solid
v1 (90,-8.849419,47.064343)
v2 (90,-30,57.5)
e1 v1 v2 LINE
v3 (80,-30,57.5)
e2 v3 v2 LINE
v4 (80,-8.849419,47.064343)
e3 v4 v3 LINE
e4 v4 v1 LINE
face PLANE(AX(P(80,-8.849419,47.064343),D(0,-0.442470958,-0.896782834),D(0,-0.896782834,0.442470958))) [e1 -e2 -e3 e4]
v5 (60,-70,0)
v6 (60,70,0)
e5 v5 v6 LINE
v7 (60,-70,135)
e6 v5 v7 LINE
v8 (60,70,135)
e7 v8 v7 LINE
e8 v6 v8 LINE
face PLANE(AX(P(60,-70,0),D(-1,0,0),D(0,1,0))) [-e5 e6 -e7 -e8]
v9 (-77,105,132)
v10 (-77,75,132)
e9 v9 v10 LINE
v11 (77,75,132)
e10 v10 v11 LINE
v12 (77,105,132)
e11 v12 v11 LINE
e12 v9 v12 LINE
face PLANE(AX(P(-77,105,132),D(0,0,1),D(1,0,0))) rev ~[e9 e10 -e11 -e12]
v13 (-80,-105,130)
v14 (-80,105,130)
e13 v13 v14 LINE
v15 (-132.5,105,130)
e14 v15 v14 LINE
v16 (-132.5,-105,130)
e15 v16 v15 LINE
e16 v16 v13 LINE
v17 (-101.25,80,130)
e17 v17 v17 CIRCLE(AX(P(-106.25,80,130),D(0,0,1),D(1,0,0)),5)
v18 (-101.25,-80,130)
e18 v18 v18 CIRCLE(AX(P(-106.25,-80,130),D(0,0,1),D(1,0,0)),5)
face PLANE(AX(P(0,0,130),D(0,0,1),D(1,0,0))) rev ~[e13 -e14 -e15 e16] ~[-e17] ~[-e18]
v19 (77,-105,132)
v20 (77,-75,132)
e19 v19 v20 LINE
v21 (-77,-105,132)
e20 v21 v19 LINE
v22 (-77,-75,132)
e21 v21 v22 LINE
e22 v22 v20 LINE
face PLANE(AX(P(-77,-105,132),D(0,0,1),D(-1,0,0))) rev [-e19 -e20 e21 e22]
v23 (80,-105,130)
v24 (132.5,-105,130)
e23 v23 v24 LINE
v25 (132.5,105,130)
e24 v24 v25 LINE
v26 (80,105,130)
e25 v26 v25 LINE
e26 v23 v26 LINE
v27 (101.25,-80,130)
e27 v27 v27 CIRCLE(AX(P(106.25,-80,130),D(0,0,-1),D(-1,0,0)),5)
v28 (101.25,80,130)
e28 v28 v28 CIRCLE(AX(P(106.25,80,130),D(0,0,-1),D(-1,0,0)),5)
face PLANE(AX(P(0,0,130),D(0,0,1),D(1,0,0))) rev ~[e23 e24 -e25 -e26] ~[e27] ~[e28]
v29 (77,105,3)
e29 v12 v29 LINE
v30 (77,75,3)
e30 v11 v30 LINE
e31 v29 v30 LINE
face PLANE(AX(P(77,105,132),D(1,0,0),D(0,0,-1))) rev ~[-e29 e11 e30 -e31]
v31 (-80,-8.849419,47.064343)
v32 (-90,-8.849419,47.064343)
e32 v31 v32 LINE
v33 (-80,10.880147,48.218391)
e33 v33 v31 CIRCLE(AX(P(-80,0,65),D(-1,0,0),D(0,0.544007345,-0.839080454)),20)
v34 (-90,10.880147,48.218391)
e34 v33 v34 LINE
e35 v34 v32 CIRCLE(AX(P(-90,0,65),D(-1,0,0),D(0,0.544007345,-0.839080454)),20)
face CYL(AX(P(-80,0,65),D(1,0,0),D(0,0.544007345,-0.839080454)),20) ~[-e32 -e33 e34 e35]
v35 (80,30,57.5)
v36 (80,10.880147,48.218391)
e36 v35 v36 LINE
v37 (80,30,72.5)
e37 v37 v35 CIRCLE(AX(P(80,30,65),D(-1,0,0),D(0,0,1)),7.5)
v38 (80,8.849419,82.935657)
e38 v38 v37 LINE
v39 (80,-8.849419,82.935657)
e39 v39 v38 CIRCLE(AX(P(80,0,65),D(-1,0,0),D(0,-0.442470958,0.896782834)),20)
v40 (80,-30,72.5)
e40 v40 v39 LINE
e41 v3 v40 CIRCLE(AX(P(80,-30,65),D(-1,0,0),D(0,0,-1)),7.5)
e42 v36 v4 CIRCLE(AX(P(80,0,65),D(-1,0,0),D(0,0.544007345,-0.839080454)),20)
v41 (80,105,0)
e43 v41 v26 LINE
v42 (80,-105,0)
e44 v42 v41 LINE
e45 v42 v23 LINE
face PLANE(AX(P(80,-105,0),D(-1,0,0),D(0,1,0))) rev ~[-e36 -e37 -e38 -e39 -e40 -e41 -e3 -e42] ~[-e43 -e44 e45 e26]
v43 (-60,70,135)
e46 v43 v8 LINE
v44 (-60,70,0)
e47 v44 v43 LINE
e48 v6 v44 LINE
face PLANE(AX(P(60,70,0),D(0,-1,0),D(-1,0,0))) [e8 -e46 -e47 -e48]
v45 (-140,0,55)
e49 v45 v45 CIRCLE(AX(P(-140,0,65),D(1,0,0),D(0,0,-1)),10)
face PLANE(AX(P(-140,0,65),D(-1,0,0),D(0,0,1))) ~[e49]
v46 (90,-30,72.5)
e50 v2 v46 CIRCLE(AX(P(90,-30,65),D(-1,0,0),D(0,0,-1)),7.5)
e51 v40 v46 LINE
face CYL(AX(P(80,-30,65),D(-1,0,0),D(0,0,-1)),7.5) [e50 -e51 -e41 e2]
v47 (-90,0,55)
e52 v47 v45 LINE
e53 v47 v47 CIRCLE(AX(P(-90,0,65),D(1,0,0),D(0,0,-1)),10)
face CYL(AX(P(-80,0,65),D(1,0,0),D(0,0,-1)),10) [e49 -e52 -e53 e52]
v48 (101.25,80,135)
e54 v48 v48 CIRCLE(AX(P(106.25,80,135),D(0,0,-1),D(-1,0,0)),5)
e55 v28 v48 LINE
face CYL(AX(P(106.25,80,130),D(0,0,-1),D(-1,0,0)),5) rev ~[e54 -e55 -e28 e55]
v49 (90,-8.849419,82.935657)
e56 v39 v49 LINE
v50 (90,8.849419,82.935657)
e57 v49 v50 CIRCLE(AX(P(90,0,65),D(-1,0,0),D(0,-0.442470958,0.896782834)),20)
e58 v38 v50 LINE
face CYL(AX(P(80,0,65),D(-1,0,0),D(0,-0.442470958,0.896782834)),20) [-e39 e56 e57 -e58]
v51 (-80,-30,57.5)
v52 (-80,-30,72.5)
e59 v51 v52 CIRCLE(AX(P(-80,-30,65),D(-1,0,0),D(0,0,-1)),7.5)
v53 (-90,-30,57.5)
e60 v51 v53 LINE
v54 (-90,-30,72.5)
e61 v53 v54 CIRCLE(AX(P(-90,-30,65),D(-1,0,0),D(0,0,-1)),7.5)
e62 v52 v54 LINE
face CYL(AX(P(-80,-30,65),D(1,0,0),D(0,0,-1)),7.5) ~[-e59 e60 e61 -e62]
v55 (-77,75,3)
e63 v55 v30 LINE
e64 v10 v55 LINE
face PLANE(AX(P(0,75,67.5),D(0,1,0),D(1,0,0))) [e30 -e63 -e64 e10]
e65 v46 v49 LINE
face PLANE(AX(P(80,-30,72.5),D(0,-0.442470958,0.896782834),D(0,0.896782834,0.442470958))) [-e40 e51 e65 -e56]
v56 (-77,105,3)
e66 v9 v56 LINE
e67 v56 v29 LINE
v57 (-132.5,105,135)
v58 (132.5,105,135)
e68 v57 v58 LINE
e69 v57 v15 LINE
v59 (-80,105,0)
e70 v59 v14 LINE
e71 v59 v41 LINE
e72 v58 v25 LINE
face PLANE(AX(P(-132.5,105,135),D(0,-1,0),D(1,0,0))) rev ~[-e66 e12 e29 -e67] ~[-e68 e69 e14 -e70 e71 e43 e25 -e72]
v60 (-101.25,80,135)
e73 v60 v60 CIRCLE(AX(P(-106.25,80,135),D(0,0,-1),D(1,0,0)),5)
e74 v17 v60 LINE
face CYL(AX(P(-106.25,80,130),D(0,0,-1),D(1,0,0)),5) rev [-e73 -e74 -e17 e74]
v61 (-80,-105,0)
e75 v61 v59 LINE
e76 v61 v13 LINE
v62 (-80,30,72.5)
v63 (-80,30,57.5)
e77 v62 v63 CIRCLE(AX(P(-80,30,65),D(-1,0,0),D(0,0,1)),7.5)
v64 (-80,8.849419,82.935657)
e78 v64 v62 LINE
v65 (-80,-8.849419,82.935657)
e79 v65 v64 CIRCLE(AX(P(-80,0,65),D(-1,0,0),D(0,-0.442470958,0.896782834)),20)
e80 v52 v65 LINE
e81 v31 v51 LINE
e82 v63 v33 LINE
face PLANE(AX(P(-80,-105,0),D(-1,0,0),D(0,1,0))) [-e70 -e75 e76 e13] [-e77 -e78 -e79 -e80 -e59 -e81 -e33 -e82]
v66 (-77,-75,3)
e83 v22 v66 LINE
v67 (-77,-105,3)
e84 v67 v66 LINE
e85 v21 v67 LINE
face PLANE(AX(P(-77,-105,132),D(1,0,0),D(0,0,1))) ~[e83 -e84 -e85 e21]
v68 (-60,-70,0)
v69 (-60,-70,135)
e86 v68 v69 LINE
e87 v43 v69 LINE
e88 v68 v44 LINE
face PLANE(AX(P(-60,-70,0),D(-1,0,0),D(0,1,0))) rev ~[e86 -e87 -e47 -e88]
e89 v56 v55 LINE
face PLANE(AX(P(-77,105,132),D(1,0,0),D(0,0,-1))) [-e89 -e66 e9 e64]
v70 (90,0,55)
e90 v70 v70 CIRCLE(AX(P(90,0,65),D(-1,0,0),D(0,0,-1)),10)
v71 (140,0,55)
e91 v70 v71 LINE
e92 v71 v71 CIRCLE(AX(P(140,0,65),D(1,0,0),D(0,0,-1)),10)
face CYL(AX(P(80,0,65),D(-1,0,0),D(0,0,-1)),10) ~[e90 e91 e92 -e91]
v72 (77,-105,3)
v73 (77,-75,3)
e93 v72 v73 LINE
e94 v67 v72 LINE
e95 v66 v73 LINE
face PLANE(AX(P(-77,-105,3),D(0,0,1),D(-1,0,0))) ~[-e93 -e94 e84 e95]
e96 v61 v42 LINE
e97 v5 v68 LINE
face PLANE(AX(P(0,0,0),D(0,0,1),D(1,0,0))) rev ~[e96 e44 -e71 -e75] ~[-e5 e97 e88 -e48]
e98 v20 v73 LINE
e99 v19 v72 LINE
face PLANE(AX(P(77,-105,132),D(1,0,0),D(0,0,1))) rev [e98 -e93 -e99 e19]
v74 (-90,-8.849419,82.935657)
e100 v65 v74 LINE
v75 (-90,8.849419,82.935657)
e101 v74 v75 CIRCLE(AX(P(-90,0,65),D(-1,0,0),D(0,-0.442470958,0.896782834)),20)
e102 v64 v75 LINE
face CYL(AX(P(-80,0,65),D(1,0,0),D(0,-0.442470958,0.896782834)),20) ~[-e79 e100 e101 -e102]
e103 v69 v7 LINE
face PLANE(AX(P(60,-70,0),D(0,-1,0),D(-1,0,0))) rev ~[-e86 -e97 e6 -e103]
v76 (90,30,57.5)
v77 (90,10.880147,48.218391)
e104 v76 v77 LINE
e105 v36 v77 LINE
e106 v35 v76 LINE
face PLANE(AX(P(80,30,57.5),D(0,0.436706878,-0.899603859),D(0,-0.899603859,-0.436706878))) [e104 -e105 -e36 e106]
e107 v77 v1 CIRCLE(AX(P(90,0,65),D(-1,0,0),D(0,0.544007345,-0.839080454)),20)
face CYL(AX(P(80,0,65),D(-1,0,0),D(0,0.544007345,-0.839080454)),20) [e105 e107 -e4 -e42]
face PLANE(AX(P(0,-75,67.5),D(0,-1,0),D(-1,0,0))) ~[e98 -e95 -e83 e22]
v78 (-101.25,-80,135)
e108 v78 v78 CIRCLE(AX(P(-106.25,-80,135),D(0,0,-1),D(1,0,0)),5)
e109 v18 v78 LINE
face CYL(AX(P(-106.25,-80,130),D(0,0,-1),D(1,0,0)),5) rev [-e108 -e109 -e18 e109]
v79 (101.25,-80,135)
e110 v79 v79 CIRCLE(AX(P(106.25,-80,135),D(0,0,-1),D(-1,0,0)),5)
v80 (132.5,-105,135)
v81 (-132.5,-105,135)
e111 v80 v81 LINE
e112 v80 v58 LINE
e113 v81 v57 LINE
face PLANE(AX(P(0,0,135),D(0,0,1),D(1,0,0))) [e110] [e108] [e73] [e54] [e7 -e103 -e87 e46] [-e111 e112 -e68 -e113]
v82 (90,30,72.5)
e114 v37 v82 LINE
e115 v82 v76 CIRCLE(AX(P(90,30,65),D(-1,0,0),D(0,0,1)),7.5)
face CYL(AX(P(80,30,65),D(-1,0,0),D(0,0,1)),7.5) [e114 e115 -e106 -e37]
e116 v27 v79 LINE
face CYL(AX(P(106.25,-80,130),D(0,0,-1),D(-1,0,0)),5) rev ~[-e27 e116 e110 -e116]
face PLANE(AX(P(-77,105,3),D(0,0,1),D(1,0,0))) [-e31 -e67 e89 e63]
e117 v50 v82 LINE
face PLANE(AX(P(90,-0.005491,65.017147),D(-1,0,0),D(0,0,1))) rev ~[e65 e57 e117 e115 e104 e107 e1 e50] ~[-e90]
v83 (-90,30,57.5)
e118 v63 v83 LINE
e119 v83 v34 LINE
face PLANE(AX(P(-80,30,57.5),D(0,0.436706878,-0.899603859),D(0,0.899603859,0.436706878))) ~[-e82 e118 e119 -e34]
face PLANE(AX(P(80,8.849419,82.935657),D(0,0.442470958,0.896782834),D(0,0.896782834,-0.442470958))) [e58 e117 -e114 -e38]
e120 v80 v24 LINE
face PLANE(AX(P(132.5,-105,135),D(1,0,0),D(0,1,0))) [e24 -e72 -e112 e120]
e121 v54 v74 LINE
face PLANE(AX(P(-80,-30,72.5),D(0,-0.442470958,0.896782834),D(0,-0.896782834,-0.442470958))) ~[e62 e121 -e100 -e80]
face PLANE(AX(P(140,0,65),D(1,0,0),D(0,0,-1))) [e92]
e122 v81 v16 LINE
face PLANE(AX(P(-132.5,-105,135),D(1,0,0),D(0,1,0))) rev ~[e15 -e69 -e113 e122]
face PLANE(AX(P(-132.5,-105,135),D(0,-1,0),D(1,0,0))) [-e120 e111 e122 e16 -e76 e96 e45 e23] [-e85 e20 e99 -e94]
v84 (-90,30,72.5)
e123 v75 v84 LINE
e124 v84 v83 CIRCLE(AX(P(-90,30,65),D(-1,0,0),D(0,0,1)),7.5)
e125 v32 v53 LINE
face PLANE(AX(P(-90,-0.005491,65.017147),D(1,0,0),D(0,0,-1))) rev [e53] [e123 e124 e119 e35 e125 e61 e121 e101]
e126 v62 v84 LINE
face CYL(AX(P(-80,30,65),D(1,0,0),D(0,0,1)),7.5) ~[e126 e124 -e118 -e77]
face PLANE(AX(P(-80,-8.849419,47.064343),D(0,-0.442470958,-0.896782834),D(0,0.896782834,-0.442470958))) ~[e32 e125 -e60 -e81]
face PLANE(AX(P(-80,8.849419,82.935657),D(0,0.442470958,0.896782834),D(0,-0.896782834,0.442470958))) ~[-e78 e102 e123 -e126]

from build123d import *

# Parameters (mm, degrees)
ESQUISSE1_W             = 160
ESQUISSE1_H             = 210
BOSS_EXTRU_1_DEPTH      = 135
ESQUISSE2_W             = 265
ESQUISSE2_H             = 210
BOSS_EXTRU_2_DEPTH      = 5
ESQUISSE4_R             = 10
BOSS_EXTRU_3_DEPTH      = 60
BOSS_EXTRU_4_DEPTH      = 10
ESQUISSE6_W             = 154
ESQUISSE6_H             = 129
ENL_V_MAT_EXTRU_2_DEPTH = 30
ESQUISSE7_W             = 120
ESQUISSE7_H             = 140
ENL_V_MAT_EXTRU_3_DEPTH = 150
ESQUISSE9_R             = 5
ENL_V_MAT_EXTRU_4_DEPTH = 150


with BuildPart() as part:
    # Esquisse1 → Boss.-Extru.1 (new body)
    with BuildSketch(Plane.XY):
        Rectangle(ESQUISSE1_W, ESQUISSE1_H)
    extrude(amount=BOSS_EXTRU_1_DEPTH)

    # Esquisse2 → Boss.-Extru.2 (add)
    with BuildSketch(Plane.XY.offset(135)):
        Rectangle(ESQUISSE2_W, ESQUISSE2_H)
    extrude(amount=-BOSS_EXTRU_2_DEPTH)

    # Esquisse4 → Boss.-Extru.3 (add)
    with BuildSketch(Plane(origin=(80, 0, 0), x_dir=(0, 0, -1), z_dir=(1, 0, 0))):
        with Locations((-65, 0)):
            Circle(ESQUISSE4_R)
    boss_extru_3 = extrude(amount=BOSS_EXTRU_3_DEPTH)

    # Symétrie1: Boss.-Extru.3 across plane
    add(boss_extru_3.mirror(Plane(origin=(0, 0, 0), x_dir=(0, 0, 1), z_dir=(1, 0, 0))))

    # Esquisse5 → Boss.-Extru.4 (add)
    with BuildSketch(Plane(origin=(80, 0, 0), x_dir=(0, 0, -1), z_dir=(1, 0, 0))):
        with BuildLine():
            Line((-57.5, 30), (-48.218390917, 10.8801469))
            ThreePointArc((-48.218390917, 10.8801469), (-45.034127123, 1.167869962), (-47.064343322, -8.849419164))
            Line((-47.064343322, -8.849419164), (-57.5, -30))
            ThreePointArc((-57.5, -30), (-65, -37.5), (-72.5, -30))
            Line((-72.5, -30), (-82.935656678, -8.849419164))
            ThreePointArc((-82.935656678, -8.849419164), (-85, 0), (-82.935656678, 8.849419164))
            Line((-82.935656678, 8.849419164), (-72.5, 30))
            ThreePointArc((-72.5, 30), (-65, 37.5), (-57.5, 30))
        make_face()
    boss_extru_4 = extrude(amount=BOSS_EXTRU_4_DEPTH)

    # Symétrie2: Boss.-Extru.4 across plane
    add(boss_extru_4.mirror(Plane(origin=(0, 0, 0), x_dir=(0, 0, 1), z_dir=(1, 0, 0))))

    # Esquisse6 → Enlèv. mat.-Extru.2 (cut)
    with BuildSketch(Plane(origin=(0, 105, 0), x_dir=(1, 0, 0), z_dir=(0, 1, 0))):
        with Locations((0, -67.5)):
            Rectangle(ESQUISSE6_W, ESQUISSE6_H)
    enl_v_mat_extru_2 = extrude(amount=-ENL_V_MAT_EXTRU_2_DEPTH, mode=Mode.SUBTRACT)

    # Symétrie3: Enlèv. mat.-Extru.2 across plane
    add(enl_v_mat_extru_2.mirror(Plane.ZX), mode=Mode.SUBTRACT)

    # Esquisse7 → Enlèv. mat.-Extru.3 (cut)
    with BuildSketch(Plane(origin=(0, 0, 0), x_dir=(-1, 0, 0), z_dir=(0, 0, -1))):
        Rectangle(ESQUISSE7_W, ESQUISSE7_H)
    extrude(amount=-ENL_V_MAT_EXTRU_3_DEPTH, mode=Mode.SUBTRACT)

    # Esquisse9 → Enlèv. mat.-Extru.4 (cut)
    with BuildSketch(Plane(origin=(0, 0, 130), x_dir=(-1, 0, 0), z_dir=(0, 0, -1))):
        with Locations((-106.25, 80)):
            Circle(ESQUISSE9_R)
        with Locations((-106.25, -80)):
            Circle(ESQUISSE9_R)
    enl_v_mat_extru_4 = extrude(amount=-ENL_V_MAT_EXTRU_4_DEPTH, mode=Mode.SUBTRACT)

    # Symétrie4: Enlèv. mat.-Extru.4 across plane
    add(enl_v_mat_extru_4.mirror(Plane(origin=(0, 0, 0), x_dir=(0, 0, 1), z_dir=(1, 0, 0))), mode=Mode.SUBTRACT)


solid = part.part
